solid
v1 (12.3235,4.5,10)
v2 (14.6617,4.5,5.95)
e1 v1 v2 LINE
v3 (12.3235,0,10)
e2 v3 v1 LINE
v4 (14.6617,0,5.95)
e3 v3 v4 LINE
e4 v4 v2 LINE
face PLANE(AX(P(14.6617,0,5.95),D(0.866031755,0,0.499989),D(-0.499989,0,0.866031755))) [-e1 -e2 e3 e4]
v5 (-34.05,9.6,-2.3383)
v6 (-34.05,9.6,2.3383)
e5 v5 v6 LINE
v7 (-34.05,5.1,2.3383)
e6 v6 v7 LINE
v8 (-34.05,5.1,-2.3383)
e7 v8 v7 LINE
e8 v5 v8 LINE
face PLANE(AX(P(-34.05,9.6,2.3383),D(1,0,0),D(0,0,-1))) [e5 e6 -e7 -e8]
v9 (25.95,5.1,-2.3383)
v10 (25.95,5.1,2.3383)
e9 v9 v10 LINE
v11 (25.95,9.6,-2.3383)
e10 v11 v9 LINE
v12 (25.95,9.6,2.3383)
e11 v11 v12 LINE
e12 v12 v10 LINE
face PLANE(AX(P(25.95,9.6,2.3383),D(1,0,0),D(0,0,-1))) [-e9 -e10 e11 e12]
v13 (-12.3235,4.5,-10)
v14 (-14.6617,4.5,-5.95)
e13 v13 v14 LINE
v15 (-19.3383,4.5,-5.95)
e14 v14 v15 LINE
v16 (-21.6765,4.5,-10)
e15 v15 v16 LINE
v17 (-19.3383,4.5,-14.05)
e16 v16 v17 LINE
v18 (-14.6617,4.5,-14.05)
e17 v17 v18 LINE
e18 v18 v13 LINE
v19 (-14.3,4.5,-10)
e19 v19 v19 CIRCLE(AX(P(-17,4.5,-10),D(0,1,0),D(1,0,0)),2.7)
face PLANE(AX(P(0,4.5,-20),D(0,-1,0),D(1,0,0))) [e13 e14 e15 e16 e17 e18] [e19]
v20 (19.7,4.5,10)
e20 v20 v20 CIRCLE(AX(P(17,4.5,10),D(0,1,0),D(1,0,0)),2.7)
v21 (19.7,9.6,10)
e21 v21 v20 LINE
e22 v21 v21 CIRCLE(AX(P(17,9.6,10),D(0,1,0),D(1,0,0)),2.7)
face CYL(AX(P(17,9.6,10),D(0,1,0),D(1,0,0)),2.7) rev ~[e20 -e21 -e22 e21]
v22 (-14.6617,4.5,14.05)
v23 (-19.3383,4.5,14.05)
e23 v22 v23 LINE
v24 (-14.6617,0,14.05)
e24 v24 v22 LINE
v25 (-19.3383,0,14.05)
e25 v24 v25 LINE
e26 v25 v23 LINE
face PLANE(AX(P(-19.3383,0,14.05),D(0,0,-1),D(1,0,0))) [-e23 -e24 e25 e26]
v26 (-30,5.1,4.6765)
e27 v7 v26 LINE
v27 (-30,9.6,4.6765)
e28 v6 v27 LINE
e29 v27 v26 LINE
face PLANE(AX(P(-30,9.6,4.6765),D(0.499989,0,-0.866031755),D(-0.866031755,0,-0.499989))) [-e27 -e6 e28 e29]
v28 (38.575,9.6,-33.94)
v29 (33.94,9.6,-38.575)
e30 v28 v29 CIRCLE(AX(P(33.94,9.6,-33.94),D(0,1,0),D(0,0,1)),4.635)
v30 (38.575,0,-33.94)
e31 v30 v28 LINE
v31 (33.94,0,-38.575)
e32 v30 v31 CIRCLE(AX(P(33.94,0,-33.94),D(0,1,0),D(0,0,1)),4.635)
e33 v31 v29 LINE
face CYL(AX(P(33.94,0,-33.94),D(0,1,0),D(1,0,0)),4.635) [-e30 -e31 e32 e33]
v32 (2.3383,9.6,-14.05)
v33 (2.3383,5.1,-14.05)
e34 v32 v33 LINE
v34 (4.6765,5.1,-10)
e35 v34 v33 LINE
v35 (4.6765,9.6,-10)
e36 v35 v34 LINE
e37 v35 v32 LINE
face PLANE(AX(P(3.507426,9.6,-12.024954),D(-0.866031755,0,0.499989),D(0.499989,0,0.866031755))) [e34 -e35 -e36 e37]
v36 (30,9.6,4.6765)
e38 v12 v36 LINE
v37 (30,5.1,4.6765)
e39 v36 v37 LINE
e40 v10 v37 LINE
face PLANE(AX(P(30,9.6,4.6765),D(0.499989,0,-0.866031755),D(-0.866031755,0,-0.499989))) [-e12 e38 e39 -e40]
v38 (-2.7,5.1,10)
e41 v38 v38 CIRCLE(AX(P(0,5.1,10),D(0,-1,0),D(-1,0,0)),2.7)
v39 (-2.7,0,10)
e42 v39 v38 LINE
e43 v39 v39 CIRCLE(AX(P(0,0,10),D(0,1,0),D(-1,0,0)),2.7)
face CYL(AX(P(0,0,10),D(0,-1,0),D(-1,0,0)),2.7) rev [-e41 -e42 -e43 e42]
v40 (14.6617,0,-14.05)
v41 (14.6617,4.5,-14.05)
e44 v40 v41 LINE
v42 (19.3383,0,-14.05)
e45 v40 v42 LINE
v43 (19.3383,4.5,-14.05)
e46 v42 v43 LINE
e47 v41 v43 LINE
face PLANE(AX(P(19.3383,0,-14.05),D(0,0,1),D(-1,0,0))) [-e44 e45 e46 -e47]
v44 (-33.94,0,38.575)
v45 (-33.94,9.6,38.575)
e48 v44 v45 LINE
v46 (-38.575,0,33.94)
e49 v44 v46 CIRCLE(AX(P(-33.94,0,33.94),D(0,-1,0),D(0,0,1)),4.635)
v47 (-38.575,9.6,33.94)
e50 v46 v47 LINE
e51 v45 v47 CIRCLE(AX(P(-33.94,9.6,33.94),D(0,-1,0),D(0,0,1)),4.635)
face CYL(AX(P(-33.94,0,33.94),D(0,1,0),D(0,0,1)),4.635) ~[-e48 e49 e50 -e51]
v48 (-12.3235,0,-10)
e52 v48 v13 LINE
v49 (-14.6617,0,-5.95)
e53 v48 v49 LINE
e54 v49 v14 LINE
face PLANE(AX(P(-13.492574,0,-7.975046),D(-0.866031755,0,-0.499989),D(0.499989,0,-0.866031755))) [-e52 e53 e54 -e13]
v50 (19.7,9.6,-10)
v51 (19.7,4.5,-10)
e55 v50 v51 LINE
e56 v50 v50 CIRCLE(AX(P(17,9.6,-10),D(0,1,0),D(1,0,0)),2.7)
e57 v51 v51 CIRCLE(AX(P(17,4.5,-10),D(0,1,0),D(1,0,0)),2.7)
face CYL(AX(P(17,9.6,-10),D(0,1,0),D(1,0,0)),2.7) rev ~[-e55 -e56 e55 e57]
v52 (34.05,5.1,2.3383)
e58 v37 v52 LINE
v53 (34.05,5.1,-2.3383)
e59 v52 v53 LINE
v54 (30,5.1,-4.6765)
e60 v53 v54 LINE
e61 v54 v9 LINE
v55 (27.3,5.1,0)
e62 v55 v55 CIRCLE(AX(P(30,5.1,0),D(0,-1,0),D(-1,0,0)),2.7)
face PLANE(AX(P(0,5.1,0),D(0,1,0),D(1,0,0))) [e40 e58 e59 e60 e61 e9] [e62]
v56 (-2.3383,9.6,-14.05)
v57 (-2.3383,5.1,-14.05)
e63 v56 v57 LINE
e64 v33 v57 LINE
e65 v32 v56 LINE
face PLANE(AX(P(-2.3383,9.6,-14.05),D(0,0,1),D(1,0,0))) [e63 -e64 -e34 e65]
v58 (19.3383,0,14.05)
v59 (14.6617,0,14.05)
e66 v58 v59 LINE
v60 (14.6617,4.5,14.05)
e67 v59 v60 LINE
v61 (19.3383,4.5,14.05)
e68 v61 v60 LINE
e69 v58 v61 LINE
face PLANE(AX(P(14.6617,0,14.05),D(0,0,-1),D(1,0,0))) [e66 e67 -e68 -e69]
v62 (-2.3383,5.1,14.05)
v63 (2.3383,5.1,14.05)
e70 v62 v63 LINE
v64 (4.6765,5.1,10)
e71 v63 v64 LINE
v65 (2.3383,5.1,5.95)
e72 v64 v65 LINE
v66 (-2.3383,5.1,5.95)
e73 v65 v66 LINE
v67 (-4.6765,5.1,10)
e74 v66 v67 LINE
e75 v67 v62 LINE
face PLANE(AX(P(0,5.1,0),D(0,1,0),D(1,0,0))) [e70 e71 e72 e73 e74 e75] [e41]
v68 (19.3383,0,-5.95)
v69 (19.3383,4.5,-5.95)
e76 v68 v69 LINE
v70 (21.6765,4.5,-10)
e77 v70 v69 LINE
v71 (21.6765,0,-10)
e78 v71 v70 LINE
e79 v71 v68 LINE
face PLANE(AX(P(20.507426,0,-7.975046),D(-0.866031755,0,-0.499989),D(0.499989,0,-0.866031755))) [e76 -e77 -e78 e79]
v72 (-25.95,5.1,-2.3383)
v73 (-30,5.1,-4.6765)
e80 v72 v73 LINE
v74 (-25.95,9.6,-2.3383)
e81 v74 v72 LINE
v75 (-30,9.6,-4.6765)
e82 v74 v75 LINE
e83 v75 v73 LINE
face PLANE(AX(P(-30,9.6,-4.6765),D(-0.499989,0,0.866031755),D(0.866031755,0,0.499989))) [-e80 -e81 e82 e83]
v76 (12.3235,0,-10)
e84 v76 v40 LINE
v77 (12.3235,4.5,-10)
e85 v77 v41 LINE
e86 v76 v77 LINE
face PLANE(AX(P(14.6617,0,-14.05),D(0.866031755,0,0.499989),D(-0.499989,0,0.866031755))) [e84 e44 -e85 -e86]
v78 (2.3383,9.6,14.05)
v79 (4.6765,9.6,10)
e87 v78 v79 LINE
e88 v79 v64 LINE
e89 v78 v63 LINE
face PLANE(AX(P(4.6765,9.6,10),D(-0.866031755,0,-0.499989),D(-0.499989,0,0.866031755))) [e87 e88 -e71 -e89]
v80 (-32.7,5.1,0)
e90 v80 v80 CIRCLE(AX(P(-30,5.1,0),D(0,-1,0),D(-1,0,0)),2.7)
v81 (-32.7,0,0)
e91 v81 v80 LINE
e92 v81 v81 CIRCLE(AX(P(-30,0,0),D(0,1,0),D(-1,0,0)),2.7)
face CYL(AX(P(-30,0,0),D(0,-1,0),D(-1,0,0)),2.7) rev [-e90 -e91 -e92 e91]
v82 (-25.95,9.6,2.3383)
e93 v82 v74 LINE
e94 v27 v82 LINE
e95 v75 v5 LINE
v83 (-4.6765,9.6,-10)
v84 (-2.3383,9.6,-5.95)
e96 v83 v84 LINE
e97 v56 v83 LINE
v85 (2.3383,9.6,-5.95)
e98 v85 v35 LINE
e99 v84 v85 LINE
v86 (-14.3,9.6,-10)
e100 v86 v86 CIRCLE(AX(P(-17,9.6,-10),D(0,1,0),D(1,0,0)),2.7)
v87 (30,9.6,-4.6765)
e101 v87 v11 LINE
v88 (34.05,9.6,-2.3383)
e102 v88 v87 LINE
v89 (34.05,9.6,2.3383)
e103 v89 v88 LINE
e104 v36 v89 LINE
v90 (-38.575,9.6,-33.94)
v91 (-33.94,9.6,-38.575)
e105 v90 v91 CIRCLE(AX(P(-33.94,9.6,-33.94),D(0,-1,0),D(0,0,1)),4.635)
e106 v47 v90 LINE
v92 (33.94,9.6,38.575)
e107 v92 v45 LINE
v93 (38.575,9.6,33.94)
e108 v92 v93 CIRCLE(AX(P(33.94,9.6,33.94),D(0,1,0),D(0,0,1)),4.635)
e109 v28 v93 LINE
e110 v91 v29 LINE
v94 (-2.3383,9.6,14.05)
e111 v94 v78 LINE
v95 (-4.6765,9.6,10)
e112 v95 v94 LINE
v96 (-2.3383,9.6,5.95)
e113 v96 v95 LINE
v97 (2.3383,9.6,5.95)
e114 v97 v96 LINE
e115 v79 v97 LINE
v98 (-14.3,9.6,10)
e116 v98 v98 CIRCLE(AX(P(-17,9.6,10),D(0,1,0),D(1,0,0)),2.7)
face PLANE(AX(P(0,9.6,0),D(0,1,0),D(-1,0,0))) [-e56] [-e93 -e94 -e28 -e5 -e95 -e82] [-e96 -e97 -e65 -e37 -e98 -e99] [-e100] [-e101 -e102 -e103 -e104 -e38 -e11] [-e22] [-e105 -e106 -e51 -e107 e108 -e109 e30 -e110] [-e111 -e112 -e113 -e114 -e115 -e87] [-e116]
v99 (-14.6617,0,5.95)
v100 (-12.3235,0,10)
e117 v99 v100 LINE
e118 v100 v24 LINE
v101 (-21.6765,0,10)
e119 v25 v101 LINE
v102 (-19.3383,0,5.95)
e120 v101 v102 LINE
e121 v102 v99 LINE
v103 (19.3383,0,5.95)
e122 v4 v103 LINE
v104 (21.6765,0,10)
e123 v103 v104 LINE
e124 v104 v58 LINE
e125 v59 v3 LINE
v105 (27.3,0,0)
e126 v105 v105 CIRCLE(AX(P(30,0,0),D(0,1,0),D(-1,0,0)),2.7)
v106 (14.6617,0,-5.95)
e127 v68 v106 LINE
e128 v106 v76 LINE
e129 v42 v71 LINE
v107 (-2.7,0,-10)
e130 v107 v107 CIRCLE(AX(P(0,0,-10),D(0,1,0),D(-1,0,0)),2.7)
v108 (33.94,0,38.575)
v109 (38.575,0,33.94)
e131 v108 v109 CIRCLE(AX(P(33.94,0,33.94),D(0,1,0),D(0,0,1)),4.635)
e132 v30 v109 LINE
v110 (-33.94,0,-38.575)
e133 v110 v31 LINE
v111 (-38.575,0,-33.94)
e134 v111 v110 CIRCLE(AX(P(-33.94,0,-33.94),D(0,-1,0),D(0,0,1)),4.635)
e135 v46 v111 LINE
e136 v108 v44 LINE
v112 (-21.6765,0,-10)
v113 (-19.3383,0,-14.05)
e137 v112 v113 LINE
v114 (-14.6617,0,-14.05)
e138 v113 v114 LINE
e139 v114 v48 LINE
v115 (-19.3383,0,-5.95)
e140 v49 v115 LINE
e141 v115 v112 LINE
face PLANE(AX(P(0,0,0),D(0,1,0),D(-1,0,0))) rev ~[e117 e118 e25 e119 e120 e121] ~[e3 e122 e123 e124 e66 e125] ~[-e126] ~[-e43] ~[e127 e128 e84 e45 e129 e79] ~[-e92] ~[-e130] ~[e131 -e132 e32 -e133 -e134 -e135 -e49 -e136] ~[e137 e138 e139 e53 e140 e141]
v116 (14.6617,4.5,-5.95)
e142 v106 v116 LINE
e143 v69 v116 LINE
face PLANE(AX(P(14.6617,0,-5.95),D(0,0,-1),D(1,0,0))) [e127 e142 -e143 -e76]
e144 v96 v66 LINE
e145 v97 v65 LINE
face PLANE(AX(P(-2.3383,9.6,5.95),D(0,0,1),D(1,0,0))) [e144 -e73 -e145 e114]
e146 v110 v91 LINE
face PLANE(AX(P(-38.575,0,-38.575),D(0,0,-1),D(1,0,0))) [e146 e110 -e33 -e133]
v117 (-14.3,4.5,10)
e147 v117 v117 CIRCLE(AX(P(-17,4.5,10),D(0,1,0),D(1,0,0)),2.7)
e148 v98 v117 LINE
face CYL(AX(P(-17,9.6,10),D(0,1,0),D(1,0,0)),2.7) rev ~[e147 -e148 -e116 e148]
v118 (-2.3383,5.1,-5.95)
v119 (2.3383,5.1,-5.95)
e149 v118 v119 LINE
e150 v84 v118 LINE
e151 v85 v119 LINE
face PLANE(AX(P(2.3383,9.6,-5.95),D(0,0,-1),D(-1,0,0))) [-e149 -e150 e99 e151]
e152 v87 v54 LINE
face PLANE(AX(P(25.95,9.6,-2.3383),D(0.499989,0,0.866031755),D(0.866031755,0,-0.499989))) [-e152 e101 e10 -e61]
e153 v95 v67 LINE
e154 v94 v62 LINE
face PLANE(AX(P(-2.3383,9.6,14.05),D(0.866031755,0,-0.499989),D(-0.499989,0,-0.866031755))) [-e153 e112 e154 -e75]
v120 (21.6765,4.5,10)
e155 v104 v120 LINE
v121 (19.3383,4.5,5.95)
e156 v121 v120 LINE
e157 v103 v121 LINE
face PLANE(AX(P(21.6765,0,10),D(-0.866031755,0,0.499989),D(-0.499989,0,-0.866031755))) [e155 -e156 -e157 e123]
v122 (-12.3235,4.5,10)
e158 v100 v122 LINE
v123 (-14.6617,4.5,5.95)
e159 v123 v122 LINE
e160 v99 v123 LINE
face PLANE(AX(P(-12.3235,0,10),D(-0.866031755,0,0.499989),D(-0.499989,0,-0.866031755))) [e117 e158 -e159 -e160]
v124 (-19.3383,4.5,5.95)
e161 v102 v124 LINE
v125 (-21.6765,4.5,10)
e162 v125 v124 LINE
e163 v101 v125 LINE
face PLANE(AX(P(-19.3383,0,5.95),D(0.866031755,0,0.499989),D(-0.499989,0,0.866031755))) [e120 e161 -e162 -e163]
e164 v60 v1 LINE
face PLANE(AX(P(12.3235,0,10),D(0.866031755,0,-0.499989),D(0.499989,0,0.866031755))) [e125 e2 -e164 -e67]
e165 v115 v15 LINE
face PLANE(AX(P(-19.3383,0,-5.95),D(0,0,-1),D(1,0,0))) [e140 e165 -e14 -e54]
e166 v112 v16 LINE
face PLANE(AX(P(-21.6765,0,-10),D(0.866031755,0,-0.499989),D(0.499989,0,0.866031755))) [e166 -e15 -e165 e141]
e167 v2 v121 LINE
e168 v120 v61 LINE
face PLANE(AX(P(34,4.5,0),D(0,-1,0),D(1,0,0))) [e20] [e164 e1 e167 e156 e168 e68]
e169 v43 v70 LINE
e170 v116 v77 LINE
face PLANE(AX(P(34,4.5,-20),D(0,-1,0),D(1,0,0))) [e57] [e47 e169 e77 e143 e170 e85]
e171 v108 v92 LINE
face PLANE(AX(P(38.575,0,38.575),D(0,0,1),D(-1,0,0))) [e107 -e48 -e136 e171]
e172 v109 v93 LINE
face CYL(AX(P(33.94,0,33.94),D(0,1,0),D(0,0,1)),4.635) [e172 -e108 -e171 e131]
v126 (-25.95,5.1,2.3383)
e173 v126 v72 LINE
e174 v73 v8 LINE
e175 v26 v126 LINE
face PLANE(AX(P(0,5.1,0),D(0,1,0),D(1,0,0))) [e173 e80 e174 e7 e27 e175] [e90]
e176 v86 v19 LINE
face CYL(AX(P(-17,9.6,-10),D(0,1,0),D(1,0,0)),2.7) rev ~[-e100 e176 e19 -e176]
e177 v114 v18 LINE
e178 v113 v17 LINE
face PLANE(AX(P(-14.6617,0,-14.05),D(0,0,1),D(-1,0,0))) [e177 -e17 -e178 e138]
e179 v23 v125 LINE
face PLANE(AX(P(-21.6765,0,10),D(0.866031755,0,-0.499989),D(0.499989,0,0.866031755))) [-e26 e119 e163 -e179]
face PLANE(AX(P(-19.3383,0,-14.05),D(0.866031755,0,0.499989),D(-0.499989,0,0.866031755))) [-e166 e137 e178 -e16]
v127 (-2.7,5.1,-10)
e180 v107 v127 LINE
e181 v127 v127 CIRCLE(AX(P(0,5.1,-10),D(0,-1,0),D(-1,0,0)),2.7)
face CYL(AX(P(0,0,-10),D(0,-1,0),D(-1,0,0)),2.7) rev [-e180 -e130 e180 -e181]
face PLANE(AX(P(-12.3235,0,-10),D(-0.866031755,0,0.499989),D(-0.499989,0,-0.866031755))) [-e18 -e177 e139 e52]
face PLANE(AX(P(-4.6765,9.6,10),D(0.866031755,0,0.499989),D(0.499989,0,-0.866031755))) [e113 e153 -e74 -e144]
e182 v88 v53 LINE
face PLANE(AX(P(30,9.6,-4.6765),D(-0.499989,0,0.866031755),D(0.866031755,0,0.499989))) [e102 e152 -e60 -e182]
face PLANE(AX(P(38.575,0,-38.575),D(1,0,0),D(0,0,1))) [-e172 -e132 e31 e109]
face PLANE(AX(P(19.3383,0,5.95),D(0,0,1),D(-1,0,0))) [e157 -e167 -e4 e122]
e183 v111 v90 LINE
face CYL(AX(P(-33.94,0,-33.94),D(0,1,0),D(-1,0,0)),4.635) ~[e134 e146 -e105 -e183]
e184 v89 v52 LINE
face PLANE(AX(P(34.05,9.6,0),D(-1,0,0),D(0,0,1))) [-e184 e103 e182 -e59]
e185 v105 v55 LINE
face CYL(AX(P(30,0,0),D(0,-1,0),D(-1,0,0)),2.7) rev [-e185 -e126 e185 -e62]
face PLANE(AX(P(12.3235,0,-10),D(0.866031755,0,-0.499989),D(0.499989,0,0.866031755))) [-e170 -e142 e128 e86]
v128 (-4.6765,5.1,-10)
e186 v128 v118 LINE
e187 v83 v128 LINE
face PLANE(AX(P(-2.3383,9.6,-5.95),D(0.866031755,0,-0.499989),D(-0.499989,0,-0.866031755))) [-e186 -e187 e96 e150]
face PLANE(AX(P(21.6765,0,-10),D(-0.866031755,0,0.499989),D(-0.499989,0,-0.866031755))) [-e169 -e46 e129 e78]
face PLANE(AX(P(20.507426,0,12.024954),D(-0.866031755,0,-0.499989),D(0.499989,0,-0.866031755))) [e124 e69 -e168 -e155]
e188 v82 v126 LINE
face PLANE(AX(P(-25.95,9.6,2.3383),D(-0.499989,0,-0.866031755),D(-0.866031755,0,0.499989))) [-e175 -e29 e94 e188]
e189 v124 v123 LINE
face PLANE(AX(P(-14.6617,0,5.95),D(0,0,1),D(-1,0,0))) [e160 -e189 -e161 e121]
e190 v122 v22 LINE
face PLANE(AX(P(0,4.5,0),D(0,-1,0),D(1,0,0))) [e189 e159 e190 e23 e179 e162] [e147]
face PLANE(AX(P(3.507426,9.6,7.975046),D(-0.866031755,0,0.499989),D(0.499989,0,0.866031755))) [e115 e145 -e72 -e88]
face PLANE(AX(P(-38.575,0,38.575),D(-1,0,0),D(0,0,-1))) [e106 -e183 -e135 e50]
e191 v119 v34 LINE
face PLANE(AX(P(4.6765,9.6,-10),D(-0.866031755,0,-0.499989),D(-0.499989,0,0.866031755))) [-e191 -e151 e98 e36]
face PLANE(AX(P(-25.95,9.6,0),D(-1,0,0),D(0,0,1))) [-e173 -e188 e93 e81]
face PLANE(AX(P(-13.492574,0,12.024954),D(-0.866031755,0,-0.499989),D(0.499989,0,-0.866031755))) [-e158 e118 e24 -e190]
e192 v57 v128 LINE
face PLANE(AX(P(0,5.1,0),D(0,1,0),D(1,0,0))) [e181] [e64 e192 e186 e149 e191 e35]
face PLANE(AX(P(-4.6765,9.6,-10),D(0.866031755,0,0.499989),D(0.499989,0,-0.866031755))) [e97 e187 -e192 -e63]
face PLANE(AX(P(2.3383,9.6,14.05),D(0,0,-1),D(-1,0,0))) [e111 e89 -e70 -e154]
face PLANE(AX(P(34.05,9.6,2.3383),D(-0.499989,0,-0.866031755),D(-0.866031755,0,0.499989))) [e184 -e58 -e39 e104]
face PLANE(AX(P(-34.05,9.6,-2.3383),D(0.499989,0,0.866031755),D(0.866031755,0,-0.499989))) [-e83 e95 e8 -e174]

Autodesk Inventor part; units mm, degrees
ref_plane "YZ Plane" through (0, 0, 0) normal (1, 0, 0) x (0, 1, 0)
ref_plane "XZ Plane" through (0, 0, 0) normal (0, 1, 0) x (-1, 0, 0)
ref_plane "XY Plane" through (0, 0, 0) normal (0, 0, 1) x (1, 0, 0)
sketch "Boceto1" plane through (0, 0, 0) normal (0, 1, 0) x (-1, 0, 0)
  line L0 (-38.575, 38.575) -> (38.575, 38.575)
  line L1 (38.575, 38.575) -> (38.575, -38.575)
  line L2 (38.575, -38.575) -> (-38.575, -38.575)
  line L3 (-38.575, -38.575) -> (-38.575, 38.575)
  line L4 (-38.575, 38.575) -> (38.575, -38.575) construction
  line L5 (38.575, 38.575) -> (-38.575, -38.575) construction
  circle A0 centre (30, 0) radius 2.7
  circle A1 centre (-30, 0) radius 2.7
  circle A2 centre (0, 10) radius 2.7
  circle A3 centre (0, -10) radius 2.7
  point P0 (0, 0)
  dimension "d0" = 5.4
  dimension "d1" = 60
  dimension "d3" = 20
  dimension "d4" = 10
  dimension "d5" = 30
  dimension "d6" = 77.15
  dimension "d7" = 77.15
extrude "Extrusión1" add sketch "Boceto1" along normal blind 9.6
sketch "Boceto2" plane through (0, 9.6, 0) normal (0, 1, 0) x (1, 0, 0)
  circle A0 centre (-17, -10) radius 2.7
  circle A1 centre (-17, 10) radius 2.7
  circle A2 centre (17, -10) radius 2.7
  circle A3 centre (17, 10) radius 2.7
  line L0 (38.575, 38.575) -> (-38.575, 38.575) projected
  point P0 (0, 0)
  dimension "d10" = 5.4
  dimension "d11" = 17
  dimension "d13" = 20
  dimension "d14" = 10
  dimension "d15" = 17
extrude "Extrusión2" cut sketch "Boceto2" against normal through all
sketch "Boceto3" plane through (0, 9.6, 0) normal (0, 1, 0) x (1, 0, 0)
  circle A0 centre (-30, 0) radius 2.7 projected
  circle A1 centre (-30, 0) radius 4.05
  line L0 (-30, 4.6765) -> (-25.95, 2.3383)
  line L1 (-25.95, 2.3383) -> (-25.95, -2.3383)
  line L2 (-25.95, -2.3383) -> (-30, -4.6765)
  line L3 (-30, -4.6765) -> (-34.05, -2.3383)
  line L4 (-34.05, -2.3383) -> (-34.05, 2.3383)
  line L5 (-34.05, 2.3383) -> (-30, 4.6765)
  circle A2 centre (0, 10) radius 2.7 projected
  circle A3 centre (0, 10) radius 4.05
  circle A4 centre (0, -10) radius 2.7 projected
  circle A5 centre (0, -10) radius 4.05
  circle A6 centre (30, 0) radius 2.7 projected
  circle A7 centre (30, 0) radius 4.05
  line L6 (4.6765, 10) -> (2.3383, 5.95)
  line L7 (2.3383, 5.95) -> (-2.3383, 5.95)
  line L8 (-2.3383, 5.95) -> (-4.6765, 10)
  line L9 (-4.6765, 10) -> (-2.3383, 14.05)
  line L10 (-2.3383, 14.05) -> (2.3383, 14.05)
  line L11 (2.3383, 14.05) -> (4.6765, 10)
  line L12 (4.6765, -10) -> (2.3383, -14.05)
  line L13 (2.3383, -14.05) -> (-2.3383, -14.05)
  line L14 (-2.3383, -14.05) -> (-4.6765, -10)
  line L15 (-4.6765, -10) -> (-2.3383, -5.95)
  line L16 (-2.3383, -5.95) -> (2.3383, -5.95)
  line L17 (2.3383, -5.95) -> (4.6765, -10)
  line L18 (34.05, -2.3383) -> (30, -4.6765)
  line L19 (30, -4.6765) -> (25.95, -2.3383)
  line L20 (25.95, -2.3383) -> (25.95, 2.3383)
  line L21 (25.95, 2.3383) -> (30, 4.6765)
  line L22 (30, 4.6765) -> (34.05, 2.3383)
  line L23 (34.05, 2.3383) -> (34.05, -2.3383)
  point P0 (0, 0)
  dimension "d18" = 8.1
extrude "Extrusión3" cut sketch "Boceto3" against normal blind 4.5 contours A0 | A1 | L1 L2 A1 | A1 L0 L1 | A1 L5 L0 | L2 L3 A1 | A1 L4 L5 | L3 L4 A1 | A2 | A3 | A3 L11 L6 | A3 L10 L11 | L6 L7 A3 | A3 L9 L10 | L7 L8 A3 | A3 L8 L9 | A4 | A5 | A5 L17 L12 | A5 L16 L17 | L12 L13 A5 | A5 L15 L16 | L13 L14 A5 | A5 L14 L15 | A6 | A7 | L23 L18 A7 | A7 L22 L23 | A7 L21 L22 | L18 L19 A7 | A7 L20 L21 | L19 L20 A7
fillet "Empalme1" radius 4.635 4 edges at (-38.575, 4.8, 38.575) (38.575, 4.8, 38.575) (38.575, 4.8, -38.575) (-38.575, 4.8, -38.575)
sketch "Boceto4" plane through (0, 0, 0) normal (0, -1, 0) x (1, 0, 0)
  circle A0 centre (-17, 10) radius 2.7 projected
  circle A1 centre (-17, 10) radius 4.05
  line L0 (-19.3383, 14.05) -> (-14.6617, 14.05)
  line L1 (-14.6617, 14.05) -> (-12.3235, 10)
  line L2 (-12.3235, 10) -> (-14.6617, 5.95)
  line L3 (-14.6617, 5.95) -> (-19.3383, 5.95)
  line L4 (-19.3383, 5.95) -> (-21.6765, 10)
  line L5 (-21.6765, 10) -> (-19.3383, 14.05)
  point P0 (0, 0)
  dimension "d22" = 8.1
extrude "Extrusión4" cut sketch "Boceto4" against normal blind 4.5 contours A0 | A1 | A1 L1 L2 | A1 L0 L1 | L2 L3 A1 | A1 L5 L0 | L3 L4 A1 | A1 L4 L5
pattern_linear "Patrón rectangular1" count 2 spacing 34 along (1, 0, 0) count 2 spacing 20 along (0, 0, -1) of "Extrusión4"
properties part number "UpperJawSupport" material "Plástico ABS"
